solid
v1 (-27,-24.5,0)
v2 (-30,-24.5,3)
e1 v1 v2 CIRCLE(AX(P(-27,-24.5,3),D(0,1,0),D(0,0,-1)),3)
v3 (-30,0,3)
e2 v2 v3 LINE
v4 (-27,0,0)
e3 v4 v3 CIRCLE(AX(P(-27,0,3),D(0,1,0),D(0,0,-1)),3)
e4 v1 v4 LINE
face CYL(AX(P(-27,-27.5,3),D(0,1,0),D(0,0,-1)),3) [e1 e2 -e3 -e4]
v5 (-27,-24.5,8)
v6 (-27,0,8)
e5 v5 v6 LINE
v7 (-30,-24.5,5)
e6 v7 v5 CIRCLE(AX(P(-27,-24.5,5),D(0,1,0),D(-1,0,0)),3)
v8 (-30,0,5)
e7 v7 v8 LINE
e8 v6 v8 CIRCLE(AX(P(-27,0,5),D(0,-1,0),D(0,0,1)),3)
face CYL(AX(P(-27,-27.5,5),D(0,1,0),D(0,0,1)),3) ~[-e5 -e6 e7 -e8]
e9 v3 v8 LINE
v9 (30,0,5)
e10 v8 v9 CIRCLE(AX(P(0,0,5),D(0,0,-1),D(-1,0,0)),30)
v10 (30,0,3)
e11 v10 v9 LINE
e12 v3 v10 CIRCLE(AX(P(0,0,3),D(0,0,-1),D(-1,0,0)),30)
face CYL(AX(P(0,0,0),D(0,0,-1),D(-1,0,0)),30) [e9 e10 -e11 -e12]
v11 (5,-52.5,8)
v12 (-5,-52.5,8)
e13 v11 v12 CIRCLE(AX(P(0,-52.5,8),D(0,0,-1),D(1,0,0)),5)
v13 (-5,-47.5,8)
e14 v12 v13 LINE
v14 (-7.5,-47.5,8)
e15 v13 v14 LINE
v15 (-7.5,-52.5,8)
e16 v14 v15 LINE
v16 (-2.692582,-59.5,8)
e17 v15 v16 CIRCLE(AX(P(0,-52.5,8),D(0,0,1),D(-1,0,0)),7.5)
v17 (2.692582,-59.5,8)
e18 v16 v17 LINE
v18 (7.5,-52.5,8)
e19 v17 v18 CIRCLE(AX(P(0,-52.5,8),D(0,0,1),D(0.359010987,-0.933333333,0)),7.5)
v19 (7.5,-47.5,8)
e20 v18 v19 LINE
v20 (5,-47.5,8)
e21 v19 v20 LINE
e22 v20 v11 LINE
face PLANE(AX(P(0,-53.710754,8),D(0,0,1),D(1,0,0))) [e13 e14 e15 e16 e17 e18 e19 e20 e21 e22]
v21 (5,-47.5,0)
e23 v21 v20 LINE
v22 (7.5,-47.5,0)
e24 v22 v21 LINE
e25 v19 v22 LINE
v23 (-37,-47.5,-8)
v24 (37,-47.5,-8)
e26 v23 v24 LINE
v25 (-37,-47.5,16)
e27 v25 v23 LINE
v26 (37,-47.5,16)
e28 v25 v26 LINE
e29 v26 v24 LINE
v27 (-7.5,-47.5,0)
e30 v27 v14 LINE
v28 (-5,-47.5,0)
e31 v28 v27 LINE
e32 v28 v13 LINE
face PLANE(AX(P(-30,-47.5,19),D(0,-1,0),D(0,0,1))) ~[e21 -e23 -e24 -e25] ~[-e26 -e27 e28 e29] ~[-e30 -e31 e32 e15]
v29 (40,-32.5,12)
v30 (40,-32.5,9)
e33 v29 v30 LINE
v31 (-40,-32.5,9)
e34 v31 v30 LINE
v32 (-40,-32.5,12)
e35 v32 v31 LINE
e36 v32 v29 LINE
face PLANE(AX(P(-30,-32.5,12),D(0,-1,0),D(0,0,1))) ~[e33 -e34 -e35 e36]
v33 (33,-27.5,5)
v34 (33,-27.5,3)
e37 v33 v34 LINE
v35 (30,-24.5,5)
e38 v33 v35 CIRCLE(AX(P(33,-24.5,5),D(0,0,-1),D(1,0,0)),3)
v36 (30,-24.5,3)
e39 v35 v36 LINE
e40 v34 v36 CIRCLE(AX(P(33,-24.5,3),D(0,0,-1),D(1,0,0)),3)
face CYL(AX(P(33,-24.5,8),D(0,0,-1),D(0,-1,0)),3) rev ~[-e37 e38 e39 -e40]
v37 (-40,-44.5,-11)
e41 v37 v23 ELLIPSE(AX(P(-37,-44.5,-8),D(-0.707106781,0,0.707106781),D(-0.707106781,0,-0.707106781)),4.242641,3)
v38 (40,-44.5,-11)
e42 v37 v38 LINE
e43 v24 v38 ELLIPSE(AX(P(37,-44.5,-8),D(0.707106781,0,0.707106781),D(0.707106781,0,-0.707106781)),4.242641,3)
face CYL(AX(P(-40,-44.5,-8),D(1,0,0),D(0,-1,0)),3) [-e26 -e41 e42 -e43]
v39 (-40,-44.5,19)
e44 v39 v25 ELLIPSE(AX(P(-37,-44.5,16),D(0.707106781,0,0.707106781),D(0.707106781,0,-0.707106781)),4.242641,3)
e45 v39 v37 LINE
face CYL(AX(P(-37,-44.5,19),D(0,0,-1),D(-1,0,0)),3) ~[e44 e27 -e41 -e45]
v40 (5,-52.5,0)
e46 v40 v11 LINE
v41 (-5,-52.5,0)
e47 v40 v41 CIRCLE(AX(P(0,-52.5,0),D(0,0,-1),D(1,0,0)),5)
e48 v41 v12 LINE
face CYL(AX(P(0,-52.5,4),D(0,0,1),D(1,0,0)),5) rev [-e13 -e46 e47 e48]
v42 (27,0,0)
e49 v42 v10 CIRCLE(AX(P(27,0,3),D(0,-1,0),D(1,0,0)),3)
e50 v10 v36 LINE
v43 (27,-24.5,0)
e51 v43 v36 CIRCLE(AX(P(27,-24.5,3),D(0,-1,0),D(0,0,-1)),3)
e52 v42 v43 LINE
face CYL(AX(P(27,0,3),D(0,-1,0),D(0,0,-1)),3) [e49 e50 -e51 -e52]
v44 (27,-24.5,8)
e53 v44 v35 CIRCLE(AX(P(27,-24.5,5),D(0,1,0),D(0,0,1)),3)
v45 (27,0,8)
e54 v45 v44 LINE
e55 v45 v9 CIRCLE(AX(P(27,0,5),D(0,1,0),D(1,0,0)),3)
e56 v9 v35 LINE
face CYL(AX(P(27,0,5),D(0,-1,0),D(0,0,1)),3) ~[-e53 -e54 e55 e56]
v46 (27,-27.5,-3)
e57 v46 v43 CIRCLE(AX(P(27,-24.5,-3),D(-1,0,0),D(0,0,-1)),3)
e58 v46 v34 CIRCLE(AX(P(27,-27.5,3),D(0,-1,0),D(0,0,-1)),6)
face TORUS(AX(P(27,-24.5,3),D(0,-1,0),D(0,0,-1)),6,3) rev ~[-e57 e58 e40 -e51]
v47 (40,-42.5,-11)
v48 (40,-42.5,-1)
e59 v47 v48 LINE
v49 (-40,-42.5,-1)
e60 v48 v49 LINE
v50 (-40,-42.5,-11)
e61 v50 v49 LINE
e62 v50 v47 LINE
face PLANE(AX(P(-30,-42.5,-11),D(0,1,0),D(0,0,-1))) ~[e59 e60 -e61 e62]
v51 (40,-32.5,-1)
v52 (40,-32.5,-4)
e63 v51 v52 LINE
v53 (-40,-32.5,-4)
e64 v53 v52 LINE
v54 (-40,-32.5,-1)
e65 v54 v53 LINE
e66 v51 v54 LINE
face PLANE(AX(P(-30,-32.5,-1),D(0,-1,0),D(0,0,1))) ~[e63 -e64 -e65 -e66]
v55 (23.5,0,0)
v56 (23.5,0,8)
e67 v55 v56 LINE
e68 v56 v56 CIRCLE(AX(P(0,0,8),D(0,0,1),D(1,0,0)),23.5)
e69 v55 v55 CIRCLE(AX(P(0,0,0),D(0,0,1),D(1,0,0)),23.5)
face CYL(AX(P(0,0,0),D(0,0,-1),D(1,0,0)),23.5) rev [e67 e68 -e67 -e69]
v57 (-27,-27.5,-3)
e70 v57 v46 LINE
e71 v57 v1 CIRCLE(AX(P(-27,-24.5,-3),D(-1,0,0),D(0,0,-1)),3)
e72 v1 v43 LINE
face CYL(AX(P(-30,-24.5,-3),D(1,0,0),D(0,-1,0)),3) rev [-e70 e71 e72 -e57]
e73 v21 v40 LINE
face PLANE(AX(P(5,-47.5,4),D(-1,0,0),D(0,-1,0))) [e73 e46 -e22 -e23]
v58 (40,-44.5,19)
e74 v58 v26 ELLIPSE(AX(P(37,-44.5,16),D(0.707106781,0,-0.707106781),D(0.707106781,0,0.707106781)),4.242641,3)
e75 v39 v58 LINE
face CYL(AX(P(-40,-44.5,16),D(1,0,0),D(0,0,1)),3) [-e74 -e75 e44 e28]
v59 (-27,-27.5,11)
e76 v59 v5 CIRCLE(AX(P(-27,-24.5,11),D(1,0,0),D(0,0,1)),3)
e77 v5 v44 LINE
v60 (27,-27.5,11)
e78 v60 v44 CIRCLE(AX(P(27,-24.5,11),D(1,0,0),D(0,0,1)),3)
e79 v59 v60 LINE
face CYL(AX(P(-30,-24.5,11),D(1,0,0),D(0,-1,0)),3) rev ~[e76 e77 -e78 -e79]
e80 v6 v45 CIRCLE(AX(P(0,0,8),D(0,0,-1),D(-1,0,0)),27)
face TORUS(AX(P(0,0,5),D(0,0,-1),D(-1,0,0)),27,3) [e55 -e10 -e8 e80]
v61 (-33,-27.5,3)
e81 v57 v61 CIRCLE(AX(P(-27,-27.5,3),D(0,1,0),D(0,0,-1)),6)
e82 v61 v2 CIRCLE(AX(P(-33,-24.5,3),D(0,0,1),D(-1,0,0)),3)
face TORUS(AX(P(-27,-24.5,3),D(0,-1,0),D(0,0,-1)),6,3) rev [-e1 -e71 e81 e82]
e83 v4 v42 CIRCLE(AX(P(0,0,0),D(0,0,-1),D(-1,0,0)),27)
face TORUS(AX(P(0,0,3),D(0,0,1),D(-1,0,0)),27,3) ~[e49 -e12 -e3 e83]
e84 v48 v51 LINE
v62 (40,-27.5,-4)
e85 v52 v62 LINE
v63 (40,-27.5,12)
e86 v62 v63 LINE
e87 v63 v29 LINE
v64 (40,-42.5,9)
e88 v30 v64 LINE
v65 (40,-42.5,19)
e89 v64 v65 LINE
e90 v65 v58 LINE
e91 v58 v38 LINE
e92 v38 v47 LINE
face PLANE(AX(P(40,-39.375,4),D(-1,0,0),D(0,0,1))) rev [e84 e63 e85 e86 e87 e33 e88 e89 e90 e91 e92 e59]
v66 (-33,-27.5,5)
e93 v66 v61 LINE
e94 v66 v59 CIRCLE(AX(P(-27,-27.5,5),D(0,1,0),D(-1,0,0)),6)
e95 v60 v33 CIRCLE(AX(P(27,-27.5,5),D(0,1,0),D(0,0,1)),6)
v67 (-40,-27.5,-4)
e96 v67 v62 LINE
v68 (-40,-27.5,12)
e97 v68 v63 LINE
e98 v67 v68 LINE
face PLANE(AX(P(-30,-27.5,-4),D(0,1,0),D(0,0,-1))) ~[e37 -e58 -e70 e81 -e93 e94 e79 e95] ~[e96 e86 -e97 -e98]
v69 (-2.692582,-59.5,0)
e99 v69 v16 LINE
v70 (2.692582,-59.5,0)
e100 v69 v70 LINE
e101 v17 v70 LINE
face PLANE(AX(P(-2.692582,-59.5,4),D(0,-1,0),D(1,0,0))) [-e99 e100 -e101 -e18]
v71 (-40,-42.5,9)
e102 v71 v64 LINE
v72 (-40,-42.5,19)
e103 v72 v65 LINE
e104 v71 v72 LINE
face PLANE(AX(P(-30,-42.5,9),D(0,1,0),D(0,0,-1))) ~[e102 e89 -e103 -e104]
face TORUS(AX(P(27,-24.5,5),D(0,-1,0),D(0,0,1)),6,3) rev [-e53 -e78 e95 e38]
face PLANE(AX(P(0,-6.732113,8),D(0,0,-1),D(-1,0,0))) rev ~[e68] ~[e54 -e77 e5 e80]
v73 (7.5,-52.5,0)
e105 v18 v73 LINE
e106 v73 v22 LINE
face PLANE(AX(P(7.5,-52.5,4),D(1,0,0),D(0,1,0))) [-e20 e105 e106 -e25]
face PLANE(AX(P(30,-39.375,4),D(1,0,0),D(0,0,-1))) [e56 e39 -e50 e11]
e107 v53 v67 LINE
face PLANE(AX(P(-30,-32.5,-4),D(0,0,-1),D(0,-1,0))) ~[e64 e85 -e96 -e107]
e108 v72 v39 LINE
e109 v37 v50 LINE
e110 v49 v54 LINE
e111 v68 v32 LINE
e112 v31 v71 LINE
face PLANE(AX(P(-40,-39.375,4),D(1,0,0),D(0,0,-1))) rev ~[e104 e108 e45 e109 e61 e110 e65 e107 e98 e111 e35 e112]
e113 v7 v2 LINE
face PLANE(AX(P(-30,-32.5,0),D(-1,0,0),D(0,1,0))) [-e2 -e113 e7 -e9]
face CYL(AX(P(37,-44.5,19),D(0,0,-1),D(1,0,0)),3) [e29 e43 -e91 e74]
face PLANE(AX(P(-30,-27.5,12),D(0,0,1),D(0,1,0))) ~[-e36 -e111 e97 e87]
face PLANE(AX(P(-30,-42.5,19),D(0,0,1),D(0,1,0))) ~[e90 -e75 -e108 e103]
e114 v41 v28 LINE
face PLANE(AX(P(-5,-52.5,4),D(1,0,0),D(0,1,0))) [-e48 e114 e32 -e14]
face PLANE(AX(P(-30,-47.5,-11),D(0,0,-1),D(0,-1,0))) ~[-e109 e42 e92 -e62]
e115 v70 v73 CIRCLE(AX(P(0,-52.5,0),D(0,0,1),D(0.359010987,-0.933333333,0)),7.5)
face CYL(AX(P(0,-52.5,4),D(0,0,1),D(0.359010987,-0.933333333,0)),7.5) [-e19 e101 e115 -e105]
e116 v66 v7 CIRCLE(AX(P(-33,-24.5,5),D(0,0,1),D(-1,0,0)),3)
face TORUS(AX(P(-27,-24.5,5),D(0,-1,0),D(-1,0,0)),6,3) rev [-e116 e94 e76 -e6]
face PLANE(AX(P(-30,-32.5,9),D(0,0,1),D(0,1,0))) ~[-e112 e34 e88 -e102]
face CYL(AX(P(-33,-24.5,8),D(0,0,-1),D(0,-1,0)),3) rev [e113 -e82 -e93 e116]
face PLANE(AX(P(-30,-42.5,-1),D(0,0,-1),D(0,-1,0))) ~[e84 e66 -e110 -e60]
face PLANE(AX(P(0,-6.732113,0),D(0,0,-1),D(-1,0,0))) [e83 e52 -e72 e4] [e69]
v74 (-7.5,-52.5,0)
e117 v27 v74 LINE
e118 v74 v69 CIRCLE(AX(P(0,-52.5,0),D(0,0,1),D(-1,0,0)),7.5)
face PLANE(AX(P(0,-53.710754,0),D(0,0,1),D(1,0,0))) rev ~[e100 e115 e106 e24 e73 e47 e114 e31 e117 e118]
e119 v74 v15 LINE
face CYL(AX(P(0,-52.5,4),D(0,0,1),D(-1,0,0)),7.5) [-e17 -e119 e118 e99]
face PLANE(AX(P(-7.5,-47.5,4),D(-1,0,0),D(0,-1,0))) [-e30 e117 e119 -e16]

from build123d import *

# Parameters (mm, degrees)
SKETCH_1_R      = 23.5
EXTRUDE_1_DEPTH = 8
EXTRUDE_2_DEPTH = 70
FILLET_1_R      = 3
FILLET_2_R      = 3
EXTRUDE_3_DEPTH = 4


with BuildPart() as part:
    # 草图1 → 凸台-拉伸1 (new body)
    with BuildSketch(Plane.XY):
        with BuildLine():
            Line((30, -32.5), (-30, -32.5))
            Line((-30, -32.5), (-30, 0))
            ThreePointArc((-30, 0), (0, 30), (30, 0))
            Line((30, 0), (30, -32.5))
        make_face()
        Circle(SKETCH_1_R, mode=Mode.SUBTRACT)
    extrude(amount=EXTRUDE_1_DEPTH)

    # 草图2 → 凸台-拉伸2 (add)
    with BuildSketch(Plane(origin=(30, 0, 0), x_dir=(0, 0, -1), z_dir=(1, 0, 0))):
        Polygon((1, -32.5), (4, -32.5), (4, -27.5), (-12, -27.5), (-12, -32.5), (-9, -32.5), (-9, -42.5), (-19, -42.5), (-19, -47.5), (11, -47.5), (11, -42.5), (1, -42.5), align=None)
    extrude_2 = extrude(amount=-EXTRUDE_2_DEPTH)

    # 镜向1: 凸台-拉伸2 across plane
    add(extrude_2.mirror(Plane.ZY))

    # 圆角1
    fillet_1_edges = [part.edges().sort_by_distance(p)[0] for p in [
        (30, -13.75, 0),
        (30, -13.75, 8),
        (0, -27.5, 0),
        (-30, -27.5, 4),
        (0, -27.5, 8),
        (0, 30, 8),
        (-30, -13.75, 0),
        (0, 30, 0),
        (30, -27.5, 4),
        (-30, -13.75, 8),
    ]]
    fillet(fillet_1_edges, radius=FILLET_1_R)

    # 圆角2
    fillet_2_edges = [part.edges().sort_by_distance(p)[0] for p in [
        (-40, -47.5, 4),
        (0, -47.5, -11),
        (0, -47.5, 19),
        (40, -47.5, 4),
    ]]
    fillet(fillet_2_edges, radius=FILLET_2_R)

    # 草图4 → 凸台-拉伸3 (add, symmetric)
    with BuildSketch(Plane.XY.offset(4)):
        with BuildLine():
            Line((7.5, -47.5), (5, -47.5))
            Line((5, -47.5), (5, -52.5))
            ThreePointArc((5, -52.5), (0, -57.5), (-5, -52.5))
            Line((-5, -52.5), (-5, -47.5))
            Line((-5, -47.5), (-7.5, -47.5))
            Line((-7.5, -47.5), (-7.5, -52.5))
            ThreePointArc((-7.5, -52.5), (-6.18240924, -56.745917567), (-2.692582404, -59.5))
            Line((-2.692582404, -59.5), (2.692582404, -59.5))
            ThreePointArc((2.692582404, -59.5), (6.18240924, -56.745917567), (7.5, -52.5))
            Line((7.5, -52.5), (7.5, -47.5))
        make_face()
    extrude(amount=EXTRUDE_3_DEPTH, both=True)


solid = part.part
